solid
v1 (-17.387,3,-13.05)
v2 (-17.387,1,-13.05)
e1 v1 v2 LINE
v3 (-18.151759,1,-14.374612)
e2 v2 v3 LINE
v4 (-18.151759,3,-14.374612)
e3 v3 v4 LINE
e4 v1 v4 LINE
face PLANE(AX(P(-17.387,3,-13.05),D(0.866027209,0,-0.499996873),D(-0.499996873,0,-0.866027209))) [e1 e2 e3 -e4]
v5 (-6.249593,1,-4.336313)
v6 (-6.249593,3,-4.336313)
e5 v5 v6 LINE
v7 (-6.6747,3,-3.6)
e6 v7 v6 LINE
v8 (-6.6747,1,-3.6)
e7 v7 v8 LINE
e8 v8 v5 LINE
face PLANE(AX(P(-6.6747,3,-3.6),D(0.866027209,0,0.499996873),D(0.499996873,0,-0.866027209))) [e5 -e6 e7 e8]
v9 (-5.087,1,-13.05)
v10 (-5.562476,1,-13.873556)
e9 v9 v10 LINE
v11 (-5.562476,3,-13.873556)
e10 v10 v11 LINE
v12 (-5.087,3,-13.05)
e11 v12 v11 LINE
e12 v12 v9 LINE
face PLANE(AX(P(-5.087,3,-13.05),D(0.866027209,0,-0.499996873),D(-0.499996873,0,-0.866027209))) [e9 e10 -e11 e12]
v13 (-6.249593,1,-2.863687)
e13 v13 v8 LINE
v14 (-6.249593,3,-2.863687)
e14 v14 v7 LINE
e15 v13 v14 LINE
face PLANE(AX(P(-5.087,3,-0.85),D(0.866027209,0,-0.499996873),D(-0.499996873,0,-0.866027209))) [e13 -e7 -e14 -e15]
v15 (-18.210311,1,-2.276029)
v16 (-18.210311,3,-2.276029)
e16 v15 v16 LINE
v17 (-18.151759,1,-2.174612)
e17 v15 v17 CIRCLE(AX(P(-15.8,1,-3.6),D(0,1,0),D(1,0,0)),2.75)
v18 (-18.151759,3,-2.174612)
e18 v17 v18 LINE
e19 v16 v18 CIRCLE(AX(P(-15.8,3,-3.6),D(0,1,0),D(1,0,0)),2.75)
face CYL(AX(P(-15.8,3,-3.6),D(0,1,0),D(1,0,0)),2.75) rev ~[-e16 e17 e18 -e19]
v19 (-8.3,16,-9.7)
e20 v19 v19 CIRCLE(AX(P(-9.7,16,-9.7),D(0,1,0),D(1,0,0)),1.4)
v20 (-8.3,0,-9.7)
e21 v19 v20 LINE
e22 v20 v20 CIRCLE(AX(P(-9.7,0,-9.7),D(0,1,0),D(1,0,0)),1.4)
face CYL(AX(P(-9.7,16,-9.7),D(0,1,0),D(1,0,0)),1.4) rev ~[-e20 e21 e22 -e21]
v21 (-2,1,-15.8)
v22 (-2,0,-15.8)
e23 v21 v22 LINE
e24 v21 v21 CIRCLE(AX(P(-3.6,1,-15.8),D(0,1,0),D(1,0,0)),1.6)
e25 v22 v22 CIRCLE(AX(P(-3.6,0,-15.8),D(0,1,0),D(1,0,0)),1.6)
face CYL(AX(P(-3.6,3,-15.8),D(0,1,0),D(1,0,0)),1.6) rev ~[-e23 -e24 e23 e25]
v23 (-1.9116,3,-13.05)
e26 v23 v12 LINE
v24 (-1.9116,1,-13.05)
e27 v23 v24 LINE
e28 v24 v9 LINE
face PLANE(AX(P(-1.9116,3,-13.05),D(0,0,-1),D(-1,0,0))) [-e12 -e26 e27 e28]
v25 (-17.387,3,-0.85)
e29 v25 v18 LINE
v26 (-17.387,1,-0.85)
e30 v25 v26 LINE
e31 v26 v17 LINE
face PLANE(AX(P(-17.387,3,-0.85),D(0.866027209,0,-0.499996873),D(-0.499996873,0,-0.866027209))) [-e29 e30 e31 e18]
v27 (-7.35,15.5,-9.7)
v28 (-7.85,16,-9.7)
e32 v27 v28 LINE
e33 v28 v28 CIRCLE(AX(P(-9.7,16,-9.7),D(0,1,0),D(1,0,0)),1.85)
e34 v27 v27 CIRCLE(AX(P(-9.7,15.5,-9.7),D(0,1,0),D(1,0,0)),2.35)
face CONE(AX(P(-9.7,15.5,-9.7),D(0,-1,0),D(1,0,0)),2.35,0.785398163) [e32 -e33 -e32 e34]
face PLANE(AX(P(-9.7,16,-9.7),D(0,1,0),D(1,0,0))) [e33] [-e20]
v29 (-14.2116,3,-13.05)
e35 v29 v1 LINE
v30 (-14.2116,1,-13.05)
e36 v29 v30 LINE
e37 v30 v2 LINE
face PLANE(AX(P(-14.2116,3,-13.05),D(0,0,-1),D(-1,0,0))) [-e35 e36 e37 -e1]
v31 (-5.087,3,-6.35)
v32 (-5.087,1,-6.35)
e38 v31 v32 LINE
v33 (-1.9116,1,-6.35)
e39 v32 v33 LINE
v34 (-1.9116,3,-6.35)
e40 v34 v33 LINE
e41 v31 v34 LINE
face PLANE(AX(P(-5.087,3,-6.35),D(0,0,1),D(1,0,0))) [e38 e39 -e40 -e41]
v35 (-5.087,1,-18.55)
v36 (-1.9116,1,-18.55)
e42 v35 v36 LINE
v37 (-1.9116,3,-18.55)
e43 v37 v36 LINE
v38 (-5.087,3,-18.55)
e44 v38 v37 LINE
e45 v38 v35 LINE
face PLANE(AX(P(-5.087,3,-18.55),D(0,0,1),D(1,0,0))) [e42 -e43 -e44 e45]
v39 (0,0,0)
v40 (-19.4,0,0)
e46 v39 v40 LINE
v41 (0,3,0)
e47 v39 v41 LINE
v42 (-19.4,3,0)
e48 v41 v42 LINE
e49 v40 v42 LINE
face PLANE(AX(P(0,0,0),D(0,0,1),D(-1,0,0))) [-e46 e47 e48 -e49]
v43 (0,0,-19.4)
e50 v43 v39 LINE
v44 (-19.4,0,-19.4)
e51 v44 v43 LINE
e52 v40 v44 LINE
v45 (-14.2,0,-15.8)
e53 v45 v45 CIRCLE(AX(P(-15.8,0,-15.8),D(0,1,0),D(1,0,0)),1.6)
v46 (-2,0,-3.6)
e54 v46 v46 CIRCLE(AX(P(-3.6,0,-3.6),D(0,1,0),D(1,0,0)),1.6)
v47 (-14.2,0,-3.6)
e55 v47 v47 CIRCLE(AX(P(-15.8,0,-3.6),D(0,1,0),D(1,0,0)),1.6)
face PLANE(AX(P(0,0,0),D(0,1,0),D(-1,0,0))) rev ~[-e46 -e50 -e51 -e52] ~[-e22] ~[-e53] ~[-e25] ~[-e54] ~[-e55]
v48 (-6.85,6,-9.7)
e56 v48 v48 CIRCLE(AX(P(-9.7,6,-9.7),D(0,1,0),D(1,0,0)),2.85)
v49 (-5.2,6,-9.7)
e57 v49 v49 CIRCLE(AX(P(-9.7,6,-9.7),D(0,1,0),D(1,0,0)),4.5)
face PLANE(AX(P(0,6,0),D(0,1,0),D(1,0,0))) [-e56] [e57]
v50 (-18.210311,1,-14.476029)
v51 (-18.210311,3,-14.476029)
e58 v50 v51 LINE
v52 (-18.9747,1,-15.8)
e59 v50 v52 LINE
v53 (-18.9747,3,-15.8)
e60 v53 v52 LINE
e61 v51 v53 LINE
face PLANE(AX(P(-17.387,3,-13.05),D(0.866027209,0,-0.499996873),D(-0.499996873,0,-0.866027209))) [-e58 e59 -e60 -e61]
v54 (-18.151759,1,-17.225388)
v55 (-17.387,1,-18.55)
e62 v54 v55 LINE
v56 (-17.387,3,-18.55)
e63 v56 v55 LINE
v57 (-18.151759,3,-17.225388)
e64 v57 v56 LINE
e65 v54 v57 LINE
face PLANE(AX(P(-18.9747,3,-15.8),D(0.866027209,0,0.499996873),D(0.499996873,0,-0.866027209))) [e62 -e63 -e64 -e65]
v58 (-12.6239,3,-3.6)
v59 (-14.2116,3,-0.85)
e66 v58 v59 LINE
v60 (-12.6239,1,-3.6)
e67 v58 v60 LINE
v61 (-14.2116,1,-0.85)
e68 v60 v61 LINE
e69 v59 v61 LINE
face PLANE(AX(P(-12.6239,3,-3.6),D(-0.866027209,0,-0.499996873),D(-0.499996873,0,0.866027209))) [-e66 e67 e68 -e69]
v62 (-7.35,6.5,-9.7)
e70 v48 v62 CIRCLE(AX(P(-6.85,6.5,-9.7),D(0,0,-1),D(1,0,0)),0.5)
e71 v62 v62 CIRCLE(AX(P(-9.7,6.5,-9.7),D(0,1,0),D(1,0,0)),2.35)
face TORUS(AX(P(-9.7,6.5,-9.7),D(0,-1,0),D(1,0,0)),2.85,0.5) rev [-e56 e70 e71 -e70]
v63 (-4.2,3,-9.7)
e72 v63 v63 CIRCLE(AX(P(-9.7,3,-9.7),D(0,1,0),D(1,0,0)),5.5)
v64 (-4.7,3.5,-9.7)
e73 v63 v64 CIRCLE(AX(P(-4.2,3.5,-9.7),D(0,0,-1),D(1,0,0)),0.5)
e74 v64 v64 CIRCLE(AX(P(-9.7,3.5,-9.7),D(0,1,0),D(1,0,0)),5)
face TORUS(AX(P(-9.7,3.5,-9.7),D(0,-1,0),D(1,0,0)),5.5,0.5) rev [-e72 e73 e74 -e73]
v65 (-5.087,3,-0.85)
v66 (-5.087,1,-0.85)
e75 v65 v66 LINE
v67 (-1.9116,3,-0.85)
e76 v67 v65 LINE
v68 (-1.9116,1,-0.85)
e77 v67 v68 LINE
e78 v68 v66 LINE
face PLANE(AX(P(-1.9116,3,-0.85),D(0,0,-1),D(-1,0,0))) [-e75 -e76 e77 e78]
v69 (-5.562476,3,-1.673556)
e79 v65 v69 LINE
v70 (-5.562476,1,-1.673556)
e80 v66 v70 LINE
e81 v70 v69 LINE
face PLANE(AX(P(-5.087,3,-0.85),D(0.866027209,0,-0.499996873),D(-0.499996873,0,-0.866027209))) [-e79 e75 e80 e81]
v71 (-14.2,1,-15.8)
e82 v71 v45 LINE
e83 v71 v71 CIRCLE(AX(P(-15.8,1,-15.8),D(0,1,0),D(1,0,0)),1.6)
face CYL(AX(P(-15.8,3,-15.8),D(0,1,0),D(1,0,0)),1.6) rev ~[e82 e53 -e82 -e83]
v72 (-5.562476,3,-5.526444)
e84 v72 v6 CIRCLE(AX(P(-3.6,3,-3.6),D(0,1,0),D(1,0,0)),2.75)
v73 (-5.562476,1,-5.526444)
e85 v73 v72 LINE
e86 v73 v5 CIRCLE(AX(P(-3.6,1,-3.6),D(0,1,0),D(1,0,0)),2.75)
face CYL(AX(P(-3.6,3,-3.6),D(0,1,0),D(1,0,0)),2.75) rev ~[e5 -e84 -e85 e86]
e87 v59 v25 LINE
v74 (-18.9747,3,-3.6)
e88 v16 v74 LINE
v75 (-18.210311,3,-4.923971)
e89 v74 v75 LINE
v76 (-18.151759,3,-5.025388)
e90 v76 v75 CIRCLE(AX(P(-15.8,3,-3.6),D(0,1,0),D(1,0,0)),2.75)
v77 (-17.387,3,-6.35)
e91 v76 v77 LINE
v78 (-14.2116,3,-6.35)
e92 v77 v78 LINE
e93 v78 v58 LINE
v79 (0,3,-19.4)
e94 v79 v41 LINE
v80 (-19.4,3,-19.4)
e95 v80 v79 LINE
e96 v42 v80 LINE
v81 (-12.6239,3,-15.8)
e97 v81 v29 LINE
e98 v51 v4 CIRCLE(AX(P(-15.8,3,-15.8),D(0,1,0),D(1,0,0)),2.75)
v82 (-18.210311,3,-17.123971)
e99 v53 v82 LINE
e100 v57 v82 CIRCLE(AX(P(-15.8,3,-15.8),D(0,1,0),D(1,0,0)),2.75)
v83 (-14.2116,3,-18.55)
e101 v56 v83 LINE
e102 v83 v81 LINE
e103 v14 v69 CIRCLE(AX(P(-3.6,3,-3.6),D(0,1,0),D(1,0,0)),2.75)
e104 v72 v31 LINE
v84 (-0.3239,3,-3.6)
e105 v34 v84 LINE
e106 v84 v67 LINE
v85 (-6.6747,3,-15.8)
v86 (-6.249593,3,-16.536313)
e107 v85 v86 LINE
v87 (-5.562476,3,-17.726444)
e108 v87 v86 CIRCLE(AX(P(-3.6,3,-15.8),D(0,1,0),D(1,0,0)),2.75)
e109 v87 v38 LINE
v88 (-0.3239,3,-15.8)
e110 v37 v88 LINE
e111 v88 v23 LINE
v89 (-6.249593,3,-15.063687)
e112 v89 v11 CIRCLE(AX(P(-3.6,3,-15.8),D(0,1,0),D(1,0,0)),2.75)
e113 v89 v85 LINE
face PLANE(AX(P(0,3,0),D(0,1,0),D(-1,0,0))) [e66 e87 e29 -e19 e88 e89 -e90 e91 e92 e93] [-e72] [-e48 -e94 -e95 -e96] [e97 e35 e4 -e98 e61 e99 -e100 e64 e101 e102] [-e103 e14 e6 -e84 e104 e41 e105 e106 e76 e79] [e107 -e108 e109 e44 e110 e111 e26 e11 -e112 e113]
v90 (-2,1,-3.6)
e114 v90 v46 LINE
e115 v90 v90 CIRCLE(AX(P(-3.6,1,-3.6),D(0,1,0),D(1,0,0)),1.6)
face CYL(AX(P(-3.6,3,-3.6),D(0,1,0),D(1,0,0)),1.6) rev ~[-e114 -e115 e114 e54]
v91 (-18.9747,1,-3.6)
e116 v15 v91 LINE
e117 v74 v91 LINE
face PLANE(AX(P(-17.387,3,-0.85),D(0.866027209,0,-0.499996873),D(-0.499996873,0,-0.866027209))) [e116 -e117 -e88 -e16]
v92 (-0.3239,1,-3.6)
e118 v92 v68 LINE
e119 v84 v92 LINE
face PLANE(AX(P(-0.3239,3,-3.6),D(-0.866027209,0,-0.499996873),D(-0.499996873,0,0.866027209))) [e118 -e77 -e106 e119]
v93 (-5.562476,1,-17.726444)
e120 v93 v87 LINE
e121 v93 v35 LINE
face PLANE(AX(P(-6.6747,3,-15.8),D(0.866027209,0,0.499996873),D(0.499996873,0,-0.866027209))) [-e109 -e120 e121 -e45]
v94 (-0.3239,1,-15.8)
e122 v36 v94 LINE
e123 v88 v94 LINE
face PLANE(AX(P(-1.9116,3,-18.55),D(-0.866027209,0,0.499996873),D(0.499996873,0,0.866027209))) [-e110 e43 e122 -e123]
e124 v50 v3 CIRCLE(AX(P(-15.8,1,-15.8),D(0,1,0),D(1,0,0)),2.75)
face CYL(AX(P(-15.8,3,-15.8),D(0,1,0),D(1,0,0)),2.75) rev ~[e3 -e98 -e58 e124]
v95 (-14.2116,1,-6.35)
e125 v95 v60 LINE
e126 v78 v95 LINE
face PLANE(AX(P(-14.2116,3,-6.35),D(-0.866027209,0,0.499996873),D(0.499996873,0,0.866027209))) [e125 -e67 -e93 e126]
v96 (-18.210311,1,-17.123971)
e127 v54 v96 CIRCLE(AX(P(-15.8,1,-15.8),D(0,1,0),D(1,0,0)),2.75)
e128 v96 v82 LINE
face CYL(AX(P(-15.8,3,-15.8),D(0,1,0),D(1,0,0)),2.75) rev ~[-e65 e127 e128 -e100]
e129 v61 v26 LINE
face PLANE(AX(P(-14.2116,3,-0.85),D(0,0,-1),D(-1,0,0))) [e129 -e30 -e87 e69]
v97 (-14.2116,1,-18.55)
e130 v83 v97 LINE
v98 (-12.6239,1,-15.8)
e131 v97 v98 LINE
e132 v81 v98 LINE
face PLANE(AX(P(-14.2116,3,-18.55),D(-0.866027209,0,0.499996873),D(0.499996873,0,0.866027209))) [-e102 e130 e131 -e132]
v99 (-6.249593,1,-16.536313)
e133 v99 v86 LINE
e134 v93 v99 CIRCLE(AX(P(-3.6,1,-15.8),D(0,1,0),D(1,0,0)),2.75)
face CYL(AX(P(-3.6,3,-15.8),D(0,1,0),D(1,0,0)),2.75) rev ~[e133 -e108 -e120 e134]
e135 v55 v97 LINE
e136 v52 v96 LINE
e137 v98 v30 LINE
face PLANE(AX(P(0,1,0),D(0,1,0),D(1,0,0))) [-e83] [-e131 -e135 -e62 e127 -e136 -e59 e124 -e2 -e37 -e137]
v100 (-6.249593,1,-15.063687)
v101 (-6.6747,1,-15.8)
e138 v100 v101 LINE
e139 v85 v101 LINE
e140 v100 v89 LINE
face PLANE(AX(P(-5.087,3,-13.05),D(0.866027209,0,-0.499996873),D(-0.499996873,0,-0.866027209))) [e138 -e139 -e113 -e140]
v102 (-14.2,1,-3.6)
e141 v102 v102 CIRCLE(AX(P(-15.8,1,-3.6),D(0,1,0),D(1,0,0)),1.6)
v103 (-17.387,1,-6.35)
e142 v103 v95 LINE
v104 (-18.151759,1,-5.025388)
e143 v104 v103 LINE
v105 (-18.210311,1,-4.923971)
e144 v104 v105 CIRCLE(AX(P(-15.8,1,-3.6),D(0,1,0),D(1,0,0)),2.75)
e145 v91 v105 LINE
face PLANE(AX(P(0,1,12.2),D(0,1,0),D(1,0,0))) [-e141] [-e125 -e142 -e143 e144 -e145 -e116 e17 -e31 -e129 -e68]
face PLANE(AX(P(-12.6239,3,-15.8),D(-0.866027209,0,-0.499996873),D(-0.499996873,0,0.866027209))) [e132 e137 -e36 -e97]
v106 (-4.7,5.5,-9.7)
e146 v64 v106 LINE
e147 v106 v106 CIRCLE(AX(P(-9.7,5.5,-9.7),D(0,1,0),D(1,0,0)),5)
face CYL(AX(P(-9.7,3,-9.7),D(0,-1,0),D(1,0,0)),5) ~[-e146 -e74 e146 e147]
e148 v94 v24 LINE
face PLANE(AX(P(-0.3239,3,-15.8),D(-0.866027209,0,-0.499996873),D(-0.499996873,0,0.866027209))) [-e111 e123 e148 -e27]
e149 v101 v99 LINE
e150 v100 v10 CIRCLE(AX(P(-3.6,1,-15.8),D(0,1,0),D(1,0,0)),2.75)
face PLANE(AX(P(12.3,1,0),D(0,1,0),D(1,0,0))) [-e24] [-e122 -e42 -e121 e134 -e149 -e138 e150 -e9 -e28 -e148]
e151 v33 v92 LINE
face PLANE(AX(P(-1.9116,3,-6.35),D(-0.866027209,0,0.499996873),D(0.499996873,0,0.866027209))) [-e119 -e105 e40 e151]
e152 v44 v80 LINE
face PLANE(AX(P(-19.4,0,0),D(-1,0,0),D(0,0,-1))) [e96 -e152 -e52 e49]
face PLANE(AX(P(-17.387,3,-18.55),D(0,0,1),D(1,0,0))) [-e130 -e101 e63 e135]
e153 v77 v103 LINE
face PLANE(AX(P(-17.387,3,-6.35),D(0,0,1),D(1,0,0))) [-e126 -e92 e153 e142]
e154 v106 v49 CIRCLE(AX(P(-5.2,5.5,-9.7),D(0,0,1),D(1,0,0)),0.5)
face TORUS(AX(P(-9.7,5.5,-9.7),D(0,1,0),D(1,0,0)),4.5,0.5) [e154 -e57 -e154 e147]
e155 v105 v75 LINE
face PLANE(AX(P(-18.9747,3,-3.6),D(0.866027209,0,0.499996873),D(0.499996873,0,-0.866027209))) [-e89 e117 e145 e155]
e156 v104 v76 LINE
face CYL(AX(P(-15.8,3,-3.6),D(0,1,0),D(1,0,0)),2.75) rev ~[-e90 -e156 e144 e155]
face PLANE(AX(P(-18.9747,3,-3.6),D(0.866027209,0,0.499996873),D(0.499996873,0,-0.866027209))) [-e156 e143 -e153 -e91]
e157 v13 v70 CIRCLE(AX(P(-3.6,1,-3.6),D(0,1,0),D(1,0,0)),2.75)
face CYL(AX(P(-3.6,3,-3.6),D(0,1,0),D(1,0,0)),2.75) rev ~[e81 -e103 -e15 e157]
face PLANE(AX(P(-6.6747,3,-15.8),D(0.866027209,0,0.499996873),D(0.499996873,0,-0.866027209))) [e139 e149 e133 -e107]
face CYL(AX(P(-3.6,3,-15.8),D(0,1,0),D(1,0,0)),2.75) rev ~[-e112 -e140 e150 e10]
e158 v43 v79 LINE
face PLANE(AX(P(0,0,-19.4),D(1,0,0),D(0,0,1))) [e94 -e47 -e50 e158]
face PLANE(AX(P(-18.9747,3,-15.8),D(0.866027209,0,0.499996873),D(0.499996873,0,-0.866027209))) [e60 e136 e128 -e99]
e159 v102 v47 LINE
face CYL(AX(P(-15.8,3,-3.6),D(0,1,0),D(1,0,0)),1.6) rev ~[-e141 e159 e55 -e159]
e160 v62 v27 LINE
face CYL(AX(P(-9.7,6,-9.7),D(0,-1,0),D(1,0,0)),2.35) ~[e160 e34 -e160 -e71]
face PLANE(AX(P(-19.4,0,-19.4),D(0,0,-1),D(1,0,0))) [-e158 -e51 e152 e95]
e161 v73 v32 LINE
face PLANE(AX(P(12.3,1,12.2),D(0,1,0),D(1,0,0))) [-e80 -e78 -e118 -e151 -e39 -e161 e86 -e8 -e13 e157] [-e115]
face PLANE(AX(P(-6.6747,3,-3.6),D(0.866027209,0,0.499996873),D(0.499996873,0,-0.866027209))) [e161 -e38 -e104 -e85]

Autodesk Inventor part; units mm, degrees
ref_plane "YZ Plane" through (0, 0, 0) normal (1, 0, 0) x (0, 1, 0)
ref_plane "XZ Plane" through (0, 0, 0) normal (0, 1, 0) x (-1, 0, 0)
ref_plane "XY Plane" through (0, 0, 0) normal (0, 0, 1) x (1, 0, 0)
sketch "Sketch1" plane through (0, 0, 0) normal (0, 1, 0) x (-1, 0, 0)
  line L0 (0, 0) -> (19.4, 0)
  line L1 (19.4, 0) -> (19.4, -19.4)
  line L2 (19.4, -19.4) -> (0, -19.4)
  line L3 (0, -19.4) -> (0, 0)
  dimension "d0" = 19.4
  dimension "d1" = 19.4
extrude "Extrusion1" add sketch "Sketch1" along normal blind 3
sketch "Sketch2" plane through (0, 3, 0) normal (0, 1, 0) x (1, 0, 0)
  circle A0 centre (-15.8, 3.6) radius 1.6
  line L0 (-19.4, 19.4) -> (-19.4, 0) projected
  line L1 (-19.4, 0) -> (0, 0) projected
  dimension "d4" = 3.2
  dimension "d5" = 3.6
  dimension "d6" = 3.6
extrude "Extrusion2" cut sketch "Sketch2" against normal through all
pattern_linear "Rectangular Pattern1" count 2 spacing 12.2 along (0, 0, -1) count 2 spacing 12.2 along (1, 0, 0) of "Extrusion2"
sketch "Sketch3" plane through (0, 3, 0) normal (0, 1, 0) x (1, 0, 0)
  circle A0 centre (-9.7, 9.7) radius 5
  line L0 (-19.4, 0) -> (0, 0) projected
  line L1 (0, 0) -> (0, 19.4) projected
  dimension "d15" = 10
  dimension "d16" = 9.7
  dimension "d17" = 9.7
extrude "Extrusion3" add sketch "Sketch3" along normal blind 3
sketch "Sketch4" plane through (-9.7, 6, -9.7) normal (0, 1, 0) x (1, 0, 0)
  circle A0 centre (0, 0) radius 2.35
  line L0 (9.7, -9.7) -> (9.7, 9.7) projected
  line L1 (-9.7, -9.7) -> (9.7, -9.7) projected
  dimension "d20" = 4.7
  dimension "d21" = 9.7
  dimension "d22" = 9.7
extrude "Extrusion4" add sketch "Sketch4" along normal blind 10
fillet "Fillet1" radius 0.5 1 edges at (-14.7, 3, -9.7)
fillet "Fillet2" radius 0.5 1 edges at (-14.7, 6, -9.7)
fillet "Fillet3" radius 0.5 1 edges at (-12.05, 6, -9.7)
sketch "Sketch5" plane through (-9.7, 16, -9.7) normal (0, 1, 0) x (1, 0, 0)
  circle A0 centre (0, 0) radius 1.4
  line L0 (9.7, -9.7) -> (9.7, 9.7) projected
  line L1 (-9.7, -9.7) -> (9.7, -9.7) projected
  dimension "d28" = 2.8
  dimension "d29" = 9.7
  dimension "d30" = 9.7
extrude "Extrusion5" cut sketch "Sketch5" against normal through all
sketch "Sketch6" plane through (0, 3, 0) normal (0, 1, 0) x (1, 0, 0)
  circle A0 centre (-3.6, 3.6) radius 2.75
  line L0 (0, 0) -> (0, 19.4) projected
  line L1 (-19.4, 0) -> (0, 0) projected
  dimension "d33" = 5.5
  dimension "d34" = 3.6
  dimension "d35" = 3.6
extrude "Extrusion6" cut sketch "Sketch6" against normal blind 2
pattern_linear "Rectangular Pattern2" count 2 spacing 12.2 along (0, 0, -1) count 2 spacing 12.2 along (-1, 0, 0) of "Extrusion6"
sketch "Sketch7" plane through (0, 3, 0) normal (0, 1, 0) x (1, 0, 0)
  line L0 (-17.387, 18.55) -> (-14.2116, 18.55)
  line L1 (-14.2116, 18.55) -> (-12.6239, 15.8)
  line L2 (-12.6239, 15.8) -> (-14.2116, 13.05)
  line L3 (-14.2116, 13.05) -> (-17.387, 13.05)
  line L4 (-17.387, 13.05) -> (-18.9747, 15.8)
  line L5 (-18.9747, 15.8) -> (-17.387, 18.55)
  line L6 (-19.4, 19.4) -> (-19.4, 0) projected
  line L7 (0, 19.4) -> (-19.4, 19.4) projected
  point P0 (0, 0)
  dimension "d56" = 0
  dimension "d57" = 0
  dimension "d58" = 0
  dimension "d59" = 5.5
  dimension "d60" = 5.5
  dimension "d61" = 120
  dimension "d62" = 2.013
  dimension "d63" = 0.85
extrude "Extrusion7" cut sketch "Sketch7" against normal blind 2
pattern_linear "Rectangular Pattern3" count 2 spacing 12.3 along (1, 0, 0) count 2 spacing 12.2 along (0, 0, 1) of "Extrusion7"
chamfer "Chamfer1" distance 0.5 angle 45 1 edges at (-12.05, 16, -9.7)
equation "\"d1\" = d0"
equation "\"d17\" = d16"
properties part number "INTERFACE_MANIFOLD"
